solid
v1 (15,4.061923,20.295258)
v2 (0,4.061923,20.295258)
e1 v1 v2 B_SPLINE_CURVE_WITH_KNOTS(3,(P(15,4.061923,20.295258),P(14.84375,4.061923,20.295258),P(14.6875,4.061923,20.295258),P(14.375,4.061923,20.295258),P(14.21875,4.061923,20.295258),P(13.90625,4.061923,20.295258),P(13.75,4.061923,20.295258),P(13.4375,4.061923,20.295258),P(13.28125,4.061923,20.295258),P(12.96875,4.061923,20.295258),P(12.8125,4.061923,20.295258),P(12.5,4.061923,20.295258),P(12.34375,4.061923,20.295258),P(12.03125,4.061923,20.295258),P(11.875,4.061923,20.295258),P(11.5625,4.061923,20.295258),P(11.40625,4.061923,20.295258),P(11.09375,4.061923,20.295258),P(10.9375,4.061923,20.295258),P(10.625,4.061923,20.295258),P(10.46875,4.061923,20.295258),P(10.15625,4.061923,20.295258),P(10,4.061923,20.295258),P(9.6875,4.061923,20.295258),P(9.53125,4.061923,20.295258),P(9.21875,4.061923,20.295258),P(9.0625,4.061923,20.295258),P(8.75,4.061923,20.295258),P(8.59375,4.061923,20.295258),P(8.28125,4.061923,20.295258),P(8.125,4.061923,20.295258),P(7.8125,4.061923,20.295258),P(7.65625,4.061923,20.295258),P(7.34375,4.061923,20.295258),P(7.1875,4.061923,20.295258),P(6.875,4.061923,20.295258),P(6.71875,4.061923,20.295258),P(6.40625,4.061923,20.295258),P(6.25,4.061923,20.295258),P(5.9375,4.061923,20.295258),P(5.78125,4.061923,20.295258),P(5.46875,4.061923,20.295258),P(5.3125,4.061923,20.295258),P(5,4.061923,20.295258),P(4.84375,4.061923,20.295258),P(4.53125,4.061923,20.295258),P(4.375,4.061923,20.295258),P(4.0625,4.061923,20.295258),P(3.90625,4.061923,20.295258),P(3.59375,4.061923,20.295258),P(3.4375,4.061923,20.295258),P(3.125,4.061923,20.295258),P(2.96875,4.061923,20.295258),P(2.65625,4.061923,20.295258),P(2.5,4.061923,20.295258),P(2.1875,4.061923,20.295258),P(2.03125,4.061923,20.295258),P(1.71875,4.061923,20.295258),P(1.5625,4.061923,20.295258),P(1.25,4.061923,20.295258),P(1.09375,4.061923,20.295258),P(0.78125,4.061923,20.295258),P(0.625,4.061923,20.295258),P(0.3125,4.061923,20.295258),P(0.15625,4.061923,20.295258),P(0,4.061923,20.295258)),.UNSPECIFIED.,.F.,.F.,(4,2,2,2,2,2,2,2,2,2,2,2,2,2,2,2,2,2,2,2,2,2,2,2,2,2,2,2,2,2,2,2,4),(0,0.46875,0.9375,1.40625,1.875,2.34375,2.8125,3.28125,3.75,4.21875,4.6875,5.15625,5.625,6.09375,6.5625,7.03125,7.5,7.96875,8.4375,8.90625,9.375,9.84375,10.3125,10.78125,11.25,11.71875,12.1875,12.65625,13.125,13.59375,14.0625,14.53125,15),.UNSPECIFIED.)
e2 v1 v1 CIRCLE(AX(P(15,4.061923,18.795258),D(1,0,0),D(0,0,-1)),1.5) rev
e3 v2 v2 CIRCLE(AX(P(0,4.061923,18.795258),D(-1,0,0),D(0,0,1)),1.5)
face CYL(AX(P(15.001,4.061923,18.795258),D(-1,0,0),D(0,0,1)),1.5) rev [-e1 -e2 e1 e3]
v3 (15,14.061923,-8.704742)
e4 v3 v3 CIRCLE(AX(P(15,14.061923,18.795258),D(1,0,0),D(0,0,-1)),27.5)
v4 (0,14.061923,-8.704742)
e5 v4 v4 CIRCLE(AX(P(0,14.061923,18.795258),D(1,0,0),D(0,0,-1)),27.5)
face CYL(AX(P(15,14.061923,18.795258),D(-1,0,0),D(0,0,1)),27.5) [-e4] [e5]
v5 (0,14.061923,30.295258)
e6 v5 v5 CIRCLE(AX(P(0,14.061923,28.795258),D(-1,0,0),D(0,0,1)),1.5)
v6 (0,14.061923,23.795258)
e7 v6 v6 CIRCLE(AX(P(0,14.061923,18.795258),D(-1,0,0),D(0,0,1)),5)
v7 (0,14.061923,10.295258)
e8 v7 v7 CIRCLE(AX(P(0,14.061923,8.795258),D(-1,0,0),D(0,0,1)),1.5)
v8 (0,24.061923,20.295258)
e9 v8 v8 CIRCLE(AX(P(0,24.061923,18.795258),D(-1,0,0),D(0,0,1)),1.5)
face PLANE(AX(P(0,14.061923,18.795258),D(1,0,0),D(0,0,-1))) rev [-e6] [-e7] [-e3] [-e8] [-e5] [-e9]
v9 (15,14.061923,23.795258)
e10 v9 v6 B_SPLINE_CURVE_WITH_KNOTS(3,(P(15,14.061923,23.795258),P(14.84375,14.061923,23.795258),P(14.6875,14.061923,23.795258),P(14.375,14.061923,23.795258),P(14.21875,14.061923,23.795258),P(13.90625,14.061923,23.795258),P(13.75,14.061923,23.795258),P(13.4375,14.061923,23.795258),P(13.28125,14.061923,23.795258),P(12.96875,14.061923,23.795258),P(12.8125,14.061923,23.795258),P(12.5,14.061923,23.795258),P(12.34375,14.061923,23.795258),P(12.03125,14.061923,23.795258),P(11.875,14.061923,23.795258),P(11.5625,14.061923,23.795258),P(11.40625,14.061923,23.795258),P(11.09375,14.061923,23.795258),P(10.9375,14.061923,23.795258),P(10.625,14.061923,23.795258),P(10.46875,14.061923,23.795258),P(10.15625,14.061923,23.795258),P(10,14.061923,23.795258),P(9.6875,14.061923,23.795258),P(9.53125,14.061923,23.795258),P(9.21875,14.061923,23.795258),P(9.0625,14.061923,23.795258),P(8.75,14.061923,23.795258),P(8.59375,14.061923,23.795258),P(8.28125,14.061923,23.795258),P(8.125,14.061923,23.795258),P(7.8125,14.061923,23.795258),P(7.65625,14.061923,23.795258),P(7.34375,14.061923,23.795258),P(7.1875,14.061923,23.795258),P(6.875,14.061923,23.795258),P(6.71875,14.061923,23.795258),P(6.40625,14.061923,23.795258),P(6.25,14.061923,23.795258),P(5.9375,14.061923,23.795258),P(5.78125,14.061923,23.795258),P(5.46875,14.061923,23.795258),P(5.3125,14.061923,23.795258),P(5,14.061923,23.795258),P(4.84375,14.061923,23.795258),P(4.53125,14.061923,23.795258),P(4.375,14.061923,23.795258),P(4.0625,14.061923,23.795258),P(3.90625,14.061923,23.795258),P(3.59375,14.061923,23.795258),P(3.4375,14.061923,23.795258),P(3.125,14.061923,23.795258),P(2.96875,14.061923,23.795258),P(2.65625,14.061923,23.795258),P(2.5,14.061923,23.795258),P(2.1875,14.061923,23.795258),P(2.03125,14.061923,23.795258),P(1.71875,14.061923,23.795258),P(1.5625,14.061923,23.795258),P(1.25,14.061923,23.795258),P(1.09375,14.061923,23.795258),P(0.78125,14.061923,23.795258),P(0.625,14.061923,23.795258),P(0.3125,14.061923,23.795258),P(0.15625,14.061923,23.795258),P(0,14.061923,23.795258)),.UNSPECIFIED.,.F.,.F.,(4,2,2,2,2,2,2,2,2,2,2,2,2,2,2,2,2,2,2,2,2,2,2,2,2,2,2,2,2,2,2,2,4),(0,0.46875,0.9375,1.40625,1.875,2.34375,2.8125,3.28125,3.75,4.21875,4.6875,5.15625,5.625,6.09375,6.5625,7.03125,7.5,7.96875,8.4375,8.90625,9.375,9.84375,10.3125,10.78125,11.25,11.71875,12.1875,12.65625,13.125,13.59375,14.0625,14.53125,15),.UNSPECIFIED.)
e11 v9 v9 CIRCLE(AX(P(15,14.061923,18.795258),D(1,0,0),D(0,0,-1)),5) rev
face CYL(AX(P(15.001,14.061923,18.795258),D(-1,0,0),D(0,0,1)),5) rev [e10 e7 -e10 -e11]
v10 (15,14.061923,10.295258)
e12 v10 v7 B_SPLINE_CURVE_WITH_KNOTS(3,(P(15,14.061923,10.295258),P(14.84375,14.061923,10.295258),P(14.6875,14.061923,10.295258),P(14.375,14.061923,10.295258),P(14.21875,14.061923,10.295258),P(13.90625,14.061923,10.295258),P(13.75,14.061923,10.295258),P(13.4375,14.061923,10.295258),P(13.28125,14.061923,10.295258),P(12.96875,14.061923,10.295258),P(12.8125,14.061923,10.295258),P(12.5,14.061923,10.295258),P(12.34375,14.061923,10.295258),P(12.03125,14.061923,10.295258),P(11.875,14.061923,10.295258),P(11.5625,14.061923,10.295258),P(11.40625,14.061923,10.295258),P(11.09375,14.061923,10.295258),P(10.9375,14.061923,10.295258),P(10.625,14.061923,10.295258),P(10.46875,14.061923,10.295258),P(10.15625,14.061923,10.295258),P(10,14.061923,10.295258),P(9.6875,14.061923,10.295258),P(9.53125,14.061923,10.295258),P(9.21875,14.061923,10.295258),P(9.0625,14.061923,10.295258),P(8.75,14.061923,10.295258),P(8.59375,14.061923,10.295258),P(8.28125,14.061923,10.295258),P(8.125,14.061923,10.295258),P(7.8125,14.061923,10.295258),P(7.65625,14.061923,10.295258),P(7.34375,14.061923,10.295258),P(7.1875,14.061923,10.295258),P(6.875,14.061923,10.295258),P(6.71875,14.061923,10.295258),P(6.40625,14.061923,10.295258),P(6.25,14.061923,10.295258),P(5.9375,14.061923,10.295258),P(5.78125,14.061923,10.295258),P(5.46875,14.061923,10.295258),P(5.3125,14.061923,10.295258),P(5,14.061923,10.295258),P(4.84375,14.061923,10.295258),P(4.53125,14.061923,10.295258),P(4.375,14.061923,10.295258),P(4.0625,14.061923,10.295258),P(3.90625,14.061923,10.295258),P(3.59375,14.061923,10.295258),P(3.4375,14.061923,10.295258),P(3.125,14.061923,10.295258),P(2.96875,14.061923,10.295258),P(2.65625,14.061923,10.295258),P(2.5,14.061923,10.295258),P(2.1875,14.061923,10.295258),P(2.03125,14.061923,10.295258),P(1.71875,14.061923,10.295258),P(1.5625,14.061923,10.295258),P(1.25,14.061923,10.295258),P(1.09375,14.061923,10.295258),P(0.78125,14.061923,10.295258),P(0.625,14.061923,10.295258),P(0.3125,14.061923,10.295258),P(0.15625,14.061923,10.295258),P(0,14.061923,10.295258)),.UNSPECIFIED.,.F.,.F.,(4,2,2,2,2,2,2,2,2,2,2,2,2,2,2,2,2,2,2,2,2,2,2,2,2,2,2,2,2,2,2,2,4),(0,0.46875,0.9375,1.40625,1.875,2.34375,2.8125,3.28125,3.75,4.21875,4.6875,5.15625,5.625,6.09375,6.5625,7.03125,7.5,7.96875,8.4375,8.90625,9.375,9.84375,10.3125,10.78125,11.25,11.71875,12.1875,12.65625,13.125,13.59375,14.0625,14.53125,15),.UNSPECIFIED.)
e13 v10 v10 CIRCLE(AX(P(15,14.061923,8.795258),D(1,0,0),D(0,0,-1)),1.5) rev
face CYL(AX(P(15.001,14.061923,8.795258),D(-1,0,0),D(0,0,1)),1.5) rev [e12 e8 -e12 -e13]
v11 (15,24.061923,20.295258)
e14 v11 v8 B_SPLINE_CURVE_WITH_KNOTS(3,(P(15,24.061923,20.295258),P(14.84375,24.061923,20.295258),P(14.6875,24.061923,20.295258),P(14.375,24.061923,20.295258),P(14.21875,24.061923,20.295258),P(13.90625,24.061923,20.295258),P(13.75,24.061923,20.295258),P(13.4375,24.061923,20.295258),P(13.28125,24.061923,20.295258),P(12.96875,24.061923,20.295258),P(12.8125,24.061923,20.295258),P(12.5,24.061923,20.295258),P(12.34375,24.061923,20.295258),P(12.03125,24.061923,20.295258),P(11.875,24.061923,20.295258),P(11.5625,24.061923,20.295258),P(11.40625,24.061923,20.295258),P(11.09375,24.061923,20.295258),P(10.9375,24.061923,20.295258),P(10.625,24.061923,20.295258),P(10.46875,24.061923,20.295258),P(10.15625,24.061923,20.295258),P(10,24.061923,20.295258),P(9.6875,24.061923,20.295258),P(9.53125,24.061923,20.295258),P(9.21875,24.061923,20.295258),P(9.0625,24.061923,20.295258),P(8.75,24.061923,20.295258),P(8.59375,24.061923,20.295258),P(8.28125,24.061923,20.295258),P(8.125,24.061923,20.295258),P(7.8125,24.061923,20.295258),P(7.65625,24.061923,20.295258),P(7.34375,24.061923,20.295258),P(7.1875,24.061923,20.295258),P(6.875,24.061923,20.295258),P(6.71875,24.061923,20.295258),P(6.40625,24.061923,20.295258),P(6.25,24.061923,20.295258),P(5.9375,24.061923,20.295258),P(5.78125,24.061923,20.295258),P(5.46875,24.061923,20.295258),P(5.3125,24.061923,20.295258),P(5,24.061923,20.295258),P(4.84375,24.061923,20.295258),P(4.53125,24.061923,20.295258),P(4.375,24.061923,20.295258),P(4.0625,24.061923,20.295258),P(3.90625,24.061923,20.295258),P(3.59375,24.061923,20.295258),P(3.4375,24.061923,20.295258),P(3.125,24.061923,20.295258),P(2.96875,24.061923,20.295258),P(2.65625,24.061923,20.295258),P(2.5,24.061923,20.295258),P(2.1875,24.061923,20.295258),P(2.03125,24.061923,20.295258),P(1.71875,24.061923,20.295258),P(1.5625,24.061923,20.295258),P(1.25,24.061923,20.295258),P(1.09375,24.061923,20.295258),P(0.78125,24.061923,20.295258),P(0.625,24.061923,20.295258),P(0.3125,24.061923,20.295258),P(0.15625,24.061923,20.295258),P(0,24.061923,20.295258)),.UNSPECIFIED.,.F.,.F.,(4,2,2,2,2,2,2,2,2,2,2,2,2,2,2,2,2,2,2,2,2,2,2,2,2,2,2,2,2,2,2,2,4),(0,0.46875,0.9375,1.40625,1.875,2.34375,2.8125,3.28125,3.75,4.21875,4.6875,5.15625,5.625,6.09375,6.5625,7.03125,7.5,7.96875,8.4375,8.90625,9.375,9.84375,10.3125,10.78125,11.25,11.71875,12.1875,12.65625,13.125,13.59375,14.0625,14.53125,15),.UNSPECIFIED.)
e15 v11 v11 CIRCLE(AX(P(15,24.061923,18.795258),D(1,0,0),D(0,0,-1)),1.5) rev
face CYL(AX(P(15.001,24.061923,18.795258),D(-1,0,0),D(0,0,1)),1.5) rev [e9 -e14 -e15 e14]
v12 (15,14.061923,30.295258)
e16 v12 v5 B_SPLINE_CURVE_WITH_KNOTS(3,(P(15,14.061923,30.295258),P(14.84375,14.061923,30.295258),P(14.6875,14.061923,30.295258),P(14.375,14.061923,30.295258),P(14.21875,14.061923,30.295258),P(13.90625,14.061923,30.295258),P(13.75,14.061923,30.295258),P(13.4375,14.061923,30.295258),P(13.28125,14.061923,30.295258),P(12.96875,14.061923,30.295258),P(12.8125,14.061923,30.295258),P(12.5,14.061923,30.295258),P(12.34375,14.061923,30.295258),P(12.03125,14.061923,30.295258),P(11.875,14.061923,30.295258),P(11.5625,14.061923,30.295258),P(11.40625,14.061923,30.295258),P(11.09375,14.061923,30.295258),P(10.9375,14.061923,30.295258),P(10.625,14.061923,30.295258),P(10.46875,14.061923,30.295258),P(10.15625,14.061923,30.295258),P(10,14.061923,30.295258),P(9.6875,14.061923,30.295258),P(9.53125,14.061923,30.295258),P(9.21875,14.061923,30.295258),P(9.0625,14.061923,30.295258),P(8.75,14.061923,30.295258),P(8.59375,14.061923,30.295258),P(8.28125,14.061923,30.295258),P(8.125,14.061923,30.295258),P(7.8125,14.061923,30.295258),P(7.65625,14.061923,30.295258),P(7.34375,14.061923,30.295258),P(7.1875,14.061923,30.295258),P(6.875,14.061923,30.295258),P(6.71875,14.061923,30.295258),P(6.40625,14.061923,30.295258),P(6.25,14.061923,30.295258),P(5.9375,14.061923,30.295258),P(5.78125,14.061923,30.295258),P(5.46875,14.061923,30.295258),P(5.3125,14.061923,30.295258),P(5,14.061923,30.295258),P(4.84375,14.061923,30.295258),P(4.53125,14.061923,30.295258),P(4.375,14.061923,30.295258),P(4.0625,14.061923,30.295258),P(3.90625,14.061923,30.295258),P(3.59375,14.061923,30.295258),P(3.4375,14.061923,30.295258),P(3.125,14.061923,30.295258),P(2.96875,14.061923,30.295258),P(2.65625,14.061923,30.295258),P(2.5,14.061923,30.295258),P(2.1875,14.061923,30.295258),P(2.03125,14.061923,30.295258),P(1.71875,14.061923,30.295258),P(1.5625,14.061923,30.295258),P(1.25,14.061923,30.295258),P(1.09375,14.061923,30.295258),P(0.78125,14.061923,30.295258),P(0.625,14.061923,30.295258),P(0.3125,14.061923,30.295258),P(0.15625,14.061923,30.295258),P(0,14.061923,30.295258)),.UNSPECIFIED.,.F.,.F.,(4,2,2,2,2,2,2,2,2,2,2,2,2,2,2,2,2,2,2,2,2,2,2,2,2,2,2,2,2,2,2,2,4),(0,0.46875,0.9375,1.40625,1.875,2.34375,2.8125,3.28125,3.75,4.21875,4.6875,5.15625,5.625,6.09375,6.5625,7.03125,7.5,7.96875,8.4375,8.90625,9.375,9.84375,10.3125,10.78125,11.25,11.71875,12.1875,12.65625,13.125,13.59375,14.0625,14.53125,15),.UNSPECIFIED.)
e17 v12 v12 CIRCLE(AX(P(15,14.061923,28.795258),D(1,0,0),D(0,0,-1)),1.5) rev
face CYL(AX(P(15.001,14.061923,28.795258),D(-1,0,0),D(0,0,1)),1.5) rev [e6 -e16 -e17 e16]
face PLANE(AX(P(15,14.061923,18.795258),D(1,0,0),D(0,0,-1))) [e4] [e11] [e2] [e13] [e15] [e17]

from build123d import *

# Parameters (mm, degrees)
SKETCH_1_R          = 27.5
EXTRUDE_1_DEPTH     = 15
CUT_EXTRUDE_1_REACH = 65.997
SKETCH_2_R          = 5
SKETCH_2_R_2        = 1.5


with BuildPart() as part:
    # 草图1 → 凸台-拉伸1 (new body)
    with BuildSketch(Plane(origin=(0, 0, 0), x_dir=(0, 0, -1), z_dir=(1, 0, 0))):
        with Locations((-18.795257752, 14.06192285)):
            Circle(SKETCH_1_R)
    extrude(amount=EXTRUDE_1_DEPTH)

    # 草图2 → 切除-拉伸1 (cut, up to next)
    with BuildSketch(Plane.ZY, mode=Mode.PRIVATE) as cut_extrude_1_sk1:
        with Locations((18.795257752, 14.06192285)):
            Circle(SKETCH_2_R)
    cut_extrude_1_tool1 = extrude(cut_extrude_1_sk1.sketch, amount=-CUT_EXTRUDE_1_REACH, mode=Mode.PRIVATE) & part.part
    # 草图2 → 切除-拉伸1 (cut, up to next)
    with BuildSketch(Plane.ZY, mode=Mode.PRIVATE) as cut_extrude_1_sk2:
        with Locations((18.795257752, 24.06192285)):
            Circle(SKETCH_2_R_2)
    cut_extrude_1_tool2 = extrude(cut_extrude_1_sk2.sketch, amount=-CUT_EXTRUDE_1_REACH, mode=Mode.PRIVATE) & part.part
    # 草图2 → 切除-拉伸1 (cut, up to next)
    with BuildSketch(Plane.ZY, mode=Mode.PRIVATE) as cut_extrude_1_sk3:
        with Locations((28.795257752, 14.06192285)):
            Circle(SKETCH_2_R_2)
    cut_extrude_1_tool3 = extrude(cut_extrude_1_sk3.sketch, amount=-CUT_EXTRUDE_1_REACH, mode=Mode.PRIVATE) & part.part
    # 草图2 → 切除-拉伸1 (cut, up to next)
    with BuildSketch(Plane.ZY, mode=Mode.PRIVATE) as cut_extrude_1_sk4:
        with Locations((8.795257752, 14.06192285)):
            Circle(SKETCH_2_R_2)
    cut_extrude_1_tool4 = extrude(cut_extrude_1_sk4.sketch, amount=-CUT_EXTRUDE_1_REACH, mode=Mode.PRIVATE) & part.part
    # 草图2 → 切除-拉伸1 (cut, up to next)
    with BuildSketch(Plane.ZY, mode=Mode.PRIVATE) as cut_extrude_1_sk5:
        with Locations((18.795257752, 4.06192285)):
            Circle(SKETCH_2_R_2)
    cut_extrude_1_tool5 = extrude(cut_extrude_1_sk5.sketch, amount=-CUT_EXTRUDE_1_REACH, mode=Mode.PRIVATE) & part.part
    add(cut_extrude_1_tool1.solids().sort_by_distance((0, 14.061923, 18.795258))[0], mode=Mode.SUBTRACT)
    add(cut_extrude_1_tool2.solids().sort_by_distance((0, 24.061923, 18.795258))[0], mode=Mode.SUBTRACT)
    add(cut_extrude_1_tool3.solids().sort_by_distance((0, 14.061923, 28.795258))[0], mode=Mode.SUBTRACT)
    add(cut_extrude_1_tool4.solids().sort_by_distance((0, 14.061923, 8.795258))[0], mode=Mode.SUBTRACT)
    add(cut_extrude_1_tool5.solids().sort_by_distance((0, 4.061923, 18.795258))[0], mode=Mode.SUBTRACT)


solid = part.part
